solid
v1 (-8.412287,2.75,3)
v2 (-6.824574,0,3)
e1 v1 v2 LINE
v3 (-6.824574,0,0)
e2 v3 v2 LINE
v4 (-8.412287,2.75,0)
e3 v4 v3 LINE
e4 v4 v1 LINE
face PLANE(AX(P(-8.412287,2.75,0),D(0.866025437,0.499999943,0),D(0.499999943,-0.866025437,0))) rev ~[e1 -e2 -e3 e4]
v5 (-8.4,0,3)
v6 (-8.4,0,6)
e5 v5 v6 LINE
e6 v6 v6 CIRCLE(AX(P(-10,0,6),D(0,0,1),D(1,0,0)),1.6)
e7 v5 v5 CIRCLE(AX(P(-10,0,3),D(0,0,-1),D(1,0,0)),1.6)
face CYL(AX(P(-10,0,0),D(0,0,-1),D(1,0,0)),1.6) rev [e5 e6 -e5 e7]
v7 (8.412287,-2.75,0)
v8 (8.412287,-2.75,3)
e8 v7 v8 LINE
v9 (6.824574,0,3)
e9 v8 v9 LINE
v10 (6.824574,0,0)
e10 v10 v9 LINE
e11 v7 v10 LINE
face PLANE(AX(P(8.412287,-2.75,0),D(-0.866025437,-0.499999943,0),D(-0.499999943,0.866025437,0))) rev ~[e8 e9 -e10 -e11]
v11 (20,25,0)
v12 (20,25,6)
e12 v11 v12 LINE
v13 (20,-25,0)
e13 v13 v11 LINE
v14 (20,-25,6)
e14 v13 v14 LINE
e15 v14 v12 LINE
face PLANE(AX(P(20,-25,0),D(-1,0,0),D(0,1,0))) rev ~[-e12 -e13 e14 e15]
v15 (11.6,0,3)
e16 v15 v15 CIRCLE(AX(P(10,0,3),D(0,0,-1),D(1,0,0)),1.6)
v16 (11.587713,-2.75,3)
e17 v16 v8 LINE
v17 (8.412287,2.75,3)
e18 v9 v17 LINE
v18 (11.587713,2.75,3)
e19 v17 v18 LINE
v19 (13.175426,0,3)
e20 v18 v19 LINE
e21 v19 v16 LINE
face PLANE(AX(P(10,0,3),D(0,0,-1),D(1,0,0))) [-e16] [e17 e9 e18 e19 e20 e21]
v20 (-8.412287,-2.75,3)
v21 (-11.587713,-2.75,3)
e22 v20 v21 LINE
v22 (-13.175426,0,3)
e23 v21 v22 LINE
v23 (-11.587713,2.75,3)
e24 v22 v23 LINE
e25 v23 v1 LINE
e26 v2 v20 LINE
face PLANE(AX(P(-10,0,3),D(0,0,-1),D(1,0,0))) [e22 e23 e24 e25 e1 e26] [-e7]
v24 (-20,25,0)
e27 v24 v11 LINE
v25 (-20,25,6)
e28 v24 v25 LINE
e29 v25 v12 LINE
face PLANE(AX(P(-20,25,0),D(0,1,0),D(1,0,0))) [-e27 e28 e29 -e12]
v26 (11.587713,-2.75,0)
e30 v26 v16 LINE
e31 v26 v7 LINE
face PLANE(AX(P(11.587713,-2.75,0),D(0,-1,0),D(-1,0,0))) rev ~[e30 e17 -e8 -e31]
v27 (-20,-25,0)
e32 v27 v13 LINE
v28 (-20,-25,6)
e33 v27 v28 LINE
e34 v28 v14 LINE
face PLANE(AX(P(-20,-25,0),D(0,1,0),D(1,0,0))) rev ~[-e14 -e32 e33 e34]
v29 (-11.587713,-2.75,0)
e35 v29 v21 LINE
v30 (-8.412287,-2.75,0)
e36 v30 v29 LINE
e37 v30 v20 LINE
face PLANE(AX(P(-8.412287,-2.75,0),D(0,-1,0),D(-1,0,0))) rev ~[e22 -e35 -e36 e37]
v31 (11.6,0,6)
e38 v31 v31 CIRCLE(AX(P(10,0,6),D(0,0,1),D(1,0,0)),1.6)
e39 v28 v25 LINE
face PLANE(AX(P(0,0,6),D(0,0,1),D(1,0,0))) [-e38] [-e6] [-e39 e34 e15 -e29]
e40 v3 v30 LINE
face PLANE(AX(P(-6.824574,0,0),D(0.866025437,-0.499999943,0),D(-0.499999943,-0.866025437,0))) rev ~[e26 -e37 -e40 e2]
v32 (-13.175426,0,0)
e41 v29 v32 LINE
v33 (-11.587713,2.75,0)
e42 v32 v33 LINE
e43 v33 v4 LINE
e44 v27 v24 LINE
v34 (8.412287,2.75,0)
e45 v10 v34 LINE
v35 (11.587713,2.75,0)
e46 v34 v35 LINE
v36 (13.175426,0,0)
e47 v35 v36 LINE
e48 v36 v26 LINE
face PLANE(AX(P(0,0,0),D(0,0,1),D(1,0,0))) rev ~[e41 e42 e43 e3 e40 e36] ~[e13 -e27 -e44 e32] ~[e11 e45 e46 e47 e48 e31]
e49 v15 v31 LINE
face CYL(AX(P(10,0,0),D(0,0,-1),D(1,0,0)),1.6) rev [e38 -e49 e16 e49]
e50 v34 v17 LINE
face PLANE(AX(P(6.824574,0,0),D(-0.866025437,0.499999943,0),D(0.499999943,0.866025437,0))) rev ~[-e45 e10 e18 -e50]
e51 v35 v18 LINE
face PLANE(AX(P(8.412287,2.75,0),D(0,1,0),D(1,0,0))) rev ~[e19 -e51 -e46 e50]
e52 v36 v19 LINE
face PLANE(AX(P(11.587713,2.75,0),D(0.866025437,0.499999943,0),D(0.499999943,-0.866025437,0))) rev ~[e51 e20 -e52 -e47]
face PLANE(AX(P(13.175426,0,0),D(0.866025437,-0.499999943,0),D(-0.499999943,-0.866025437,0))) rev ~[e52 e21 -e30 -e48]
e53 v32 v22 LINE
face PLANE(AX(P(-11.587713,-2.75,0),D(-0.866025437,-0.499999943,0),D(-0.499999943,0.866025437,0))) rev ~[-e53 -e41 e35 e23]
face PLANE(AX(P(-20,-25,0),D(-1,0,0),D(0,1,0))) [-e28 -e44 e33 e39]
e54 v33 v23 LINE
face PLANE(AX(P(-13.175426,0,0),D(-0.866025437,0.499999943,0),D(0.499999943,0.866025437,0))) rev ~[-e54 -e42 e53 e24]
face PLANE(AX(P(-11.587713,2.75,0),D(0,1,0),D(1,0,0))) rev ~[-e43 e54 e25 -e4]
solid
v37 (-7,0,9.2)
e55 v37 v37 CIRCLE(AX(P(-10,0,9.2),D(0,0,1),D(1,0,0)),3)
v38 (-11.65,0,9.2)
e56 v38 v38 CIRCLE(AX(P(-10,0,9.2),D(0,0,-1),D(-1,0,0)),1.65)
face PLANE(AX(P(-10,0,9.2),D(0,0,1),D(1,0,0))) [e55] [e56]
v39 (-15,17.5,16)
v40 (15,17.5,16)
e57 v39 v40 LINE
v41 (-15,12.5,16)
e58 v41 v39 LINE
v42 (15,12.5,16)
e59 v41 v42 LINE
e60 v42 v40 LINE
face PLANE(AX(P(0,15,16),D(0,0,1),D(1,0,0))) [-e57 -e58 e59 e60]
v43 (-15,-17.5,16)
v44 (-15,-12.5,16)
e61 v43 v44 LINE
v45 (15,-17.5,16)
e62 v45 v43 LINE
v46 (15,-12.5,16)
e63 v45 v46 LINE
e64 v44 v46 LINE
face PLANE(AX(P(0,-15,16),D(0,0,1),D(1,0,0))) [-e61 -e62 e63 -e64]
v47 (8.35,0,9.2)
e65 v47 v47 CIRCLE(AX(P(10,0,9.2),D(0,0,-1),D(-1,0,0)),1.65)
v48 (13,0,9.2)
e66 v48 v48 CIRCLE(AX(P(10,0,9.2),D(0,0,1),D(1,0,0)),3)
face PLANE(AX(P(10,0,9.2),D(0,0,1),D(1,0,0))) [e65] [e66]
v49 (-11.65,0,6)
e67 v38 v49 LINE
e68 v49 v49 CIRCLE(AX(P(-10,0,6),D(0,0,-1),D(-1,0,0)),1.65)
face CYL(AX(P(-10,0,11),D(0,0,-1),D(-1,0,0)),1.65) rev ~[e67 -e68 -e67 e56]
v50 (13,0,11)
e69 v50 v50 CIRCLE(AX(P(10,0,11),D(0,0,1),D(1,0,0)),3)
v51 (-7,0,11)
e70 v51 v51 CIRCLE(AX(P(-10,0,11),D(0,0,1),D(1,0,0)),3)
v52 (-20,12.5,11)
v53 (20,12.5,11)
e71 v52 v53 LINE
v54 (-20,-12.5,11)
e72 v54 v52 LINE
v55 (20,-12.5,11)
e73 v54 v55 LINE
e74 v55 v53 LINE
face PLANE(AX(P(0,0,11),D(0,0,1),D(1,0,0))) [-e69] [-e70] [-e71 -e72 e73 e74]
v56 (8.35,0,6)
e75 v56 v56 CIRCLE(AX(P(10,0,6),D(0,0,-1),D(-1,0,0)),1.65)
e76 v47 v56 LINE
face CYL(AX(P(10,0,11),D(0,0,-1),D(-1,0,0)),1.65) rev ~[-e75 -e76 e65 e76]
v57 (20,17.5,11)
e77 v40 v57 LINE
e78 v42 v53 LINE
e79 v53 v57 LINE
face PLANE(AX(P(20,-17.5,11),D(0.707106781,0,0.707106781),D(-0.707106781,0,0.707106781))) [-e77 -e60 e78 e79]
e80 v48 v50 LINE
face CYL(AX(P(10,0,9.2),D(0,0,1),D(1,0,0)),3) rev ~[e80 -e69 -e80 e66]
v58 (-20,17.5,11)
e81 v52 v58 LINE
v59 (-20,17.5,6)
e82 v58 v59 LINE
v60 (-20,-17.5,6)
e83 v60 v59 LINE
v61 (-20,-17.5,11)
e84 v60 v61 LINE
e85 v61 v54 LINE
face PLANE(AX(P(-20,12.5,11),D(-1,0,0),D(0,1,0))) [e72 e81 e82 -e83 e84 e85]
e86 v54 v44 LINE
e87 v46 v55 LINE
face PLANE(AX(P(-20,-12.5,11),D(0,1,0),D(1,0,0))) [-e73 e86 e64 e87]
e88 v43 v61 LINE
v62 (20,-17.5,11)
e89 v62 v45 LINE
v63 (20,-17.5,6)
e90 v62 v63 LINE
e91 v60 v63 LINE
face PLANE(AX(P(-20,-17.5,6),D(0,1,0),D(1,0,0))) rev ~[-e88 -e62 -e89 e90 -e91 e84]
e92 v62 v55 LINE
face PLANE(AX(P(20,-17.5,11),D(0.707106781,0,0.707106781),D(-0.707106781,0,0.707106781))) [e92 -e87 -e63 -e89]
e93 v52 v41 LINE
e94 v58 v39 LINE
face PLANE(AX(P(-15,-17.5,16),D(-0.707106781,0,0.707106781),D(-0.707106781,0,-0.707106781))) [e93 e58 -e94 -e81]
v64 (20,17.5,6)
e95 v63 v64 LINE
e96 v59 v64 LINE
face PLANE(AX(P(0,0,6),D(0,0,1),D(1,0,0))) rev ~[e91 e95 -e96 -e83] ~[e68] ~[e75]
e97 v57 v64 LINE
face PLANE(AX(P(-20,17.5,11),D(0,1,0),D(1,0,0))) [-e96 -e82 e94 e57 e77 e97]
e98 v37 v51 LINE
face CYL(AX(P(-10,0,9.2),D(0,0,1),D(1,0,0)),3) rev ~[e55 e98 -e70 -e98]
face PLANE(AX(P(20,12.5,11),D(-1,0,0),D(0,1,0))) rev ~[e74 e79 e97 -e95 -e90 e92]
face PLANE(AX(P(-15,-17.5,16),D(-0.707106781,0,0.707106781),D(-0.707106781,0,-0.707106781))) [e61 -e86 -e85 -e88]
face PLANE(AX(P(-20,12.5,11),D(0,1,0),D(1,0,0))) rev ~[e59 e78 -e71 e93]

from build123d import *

# Parameters (mm, degrees)
SKETCH_W         = 40
SKETCH_H         = 50
SKETCH_R         = 1.6
PAD_DEPTH        = 6
POCKET_DEPTH     = 3
SKETCH002_W      = 40
SKETCH002_H      = 35
PAD001_DEPTH     = 5
SKETCH003_W      = 40
SKETCH003_H      = 5
PAD002_DEPTH     = 5
HOLE_D           = 3.3
HOLE_DEPTH       = 25
HOLE_CBORE_D     = 6
HOLE_CBORE_DEPTH = 1.8
POCKET001_DEPTH  = 35.001


with BuildPart() as body:
    # Sketch → Pad (new body)
    with BuildSketch(Plane.XY):
        Rectangle(SKETCH_W, SKETCH_H)
        with Locations((-10, 0)):
            Circle(SKETCH_R, mode=Mode.SUBTRACT)
        with Locations((10, 0)):
            Circle(SKETCH_R, mode=Mode.SUBTRACT)
    extrude(amount=PAD_DEPTH)

    # Sketch001 (on Face7 of Pad) → Pocket (cut)
    with BuildSketch(Plane(origin=(0, 0, 0), x_dir=(1, 0, 0), z_dir=(0, 0, -1))):
        Polygon((-8.412287, -2.75), (-6.824574, 0), (-8.412287, 2.75), (-11.587713, 2.75), (-13.175426, 0), (-11.587713, -2.75), align=None)
        Polygon((11.587713, -2.75), (13.175426, 0), (11.587713, 2.75), (8.412287, 2.75), (6.824574, 0), (8.412287, -2.75), align=None)
    extrude(amount=-POCKET_DEPTH, mode=Mode.SUBTRACT)


with BuildPart() as body001:
    # Sketch002 (on Face1 of CopyPocket) → Pad001 (new body)
    with BuildSketch(Plane.XY.offset(6)):
        Rectangle(SKETCH002_W, SKETCH002_H)
    extrude(amount=PAD001_DEPTH)

    # Sketch003 (on Face6 of Pad001) → Pad002 (join)
    with BuildSketch(Plane.XY.offset(11)):
        with Locations((0, 15)):
            Rectangle(SKETCH003_W, SKETCH003_H)
        with Locations((0, -15)):
            Rectangle(SKETCH003_W, SKETCH003_H)
    extrude(amount=PAD002_DEPTH)

    # Hole
    with Locations(Plane.XY.offset(11)):
        with Locations((-10, 0), (10, 0)):
            CounterBoreHole(HOLE_D / 2, HOLE_CBORE_D / 2, HOLE_CBORE_DEPTH, depth=HOLE_DEPTH)

    # Sketch005 (on Face8 of Hole) → Pocket001 (cut, through all)
    with BuildSketch(Plane(origin=(0, -17.5, 6), x_dir=(1, 0, 0), z_dir=(0, -1, 0))):
        Polygon((-20, 14.556483), (20, 14.556483), (20, 5), (15, 10), (-15, 10), (-20, 5), align=None)
    extrude(amount=-POCKET001_DEPTH, mode=Mode.SUBTRACT)


solid = Compound([body.part, body001.part])
